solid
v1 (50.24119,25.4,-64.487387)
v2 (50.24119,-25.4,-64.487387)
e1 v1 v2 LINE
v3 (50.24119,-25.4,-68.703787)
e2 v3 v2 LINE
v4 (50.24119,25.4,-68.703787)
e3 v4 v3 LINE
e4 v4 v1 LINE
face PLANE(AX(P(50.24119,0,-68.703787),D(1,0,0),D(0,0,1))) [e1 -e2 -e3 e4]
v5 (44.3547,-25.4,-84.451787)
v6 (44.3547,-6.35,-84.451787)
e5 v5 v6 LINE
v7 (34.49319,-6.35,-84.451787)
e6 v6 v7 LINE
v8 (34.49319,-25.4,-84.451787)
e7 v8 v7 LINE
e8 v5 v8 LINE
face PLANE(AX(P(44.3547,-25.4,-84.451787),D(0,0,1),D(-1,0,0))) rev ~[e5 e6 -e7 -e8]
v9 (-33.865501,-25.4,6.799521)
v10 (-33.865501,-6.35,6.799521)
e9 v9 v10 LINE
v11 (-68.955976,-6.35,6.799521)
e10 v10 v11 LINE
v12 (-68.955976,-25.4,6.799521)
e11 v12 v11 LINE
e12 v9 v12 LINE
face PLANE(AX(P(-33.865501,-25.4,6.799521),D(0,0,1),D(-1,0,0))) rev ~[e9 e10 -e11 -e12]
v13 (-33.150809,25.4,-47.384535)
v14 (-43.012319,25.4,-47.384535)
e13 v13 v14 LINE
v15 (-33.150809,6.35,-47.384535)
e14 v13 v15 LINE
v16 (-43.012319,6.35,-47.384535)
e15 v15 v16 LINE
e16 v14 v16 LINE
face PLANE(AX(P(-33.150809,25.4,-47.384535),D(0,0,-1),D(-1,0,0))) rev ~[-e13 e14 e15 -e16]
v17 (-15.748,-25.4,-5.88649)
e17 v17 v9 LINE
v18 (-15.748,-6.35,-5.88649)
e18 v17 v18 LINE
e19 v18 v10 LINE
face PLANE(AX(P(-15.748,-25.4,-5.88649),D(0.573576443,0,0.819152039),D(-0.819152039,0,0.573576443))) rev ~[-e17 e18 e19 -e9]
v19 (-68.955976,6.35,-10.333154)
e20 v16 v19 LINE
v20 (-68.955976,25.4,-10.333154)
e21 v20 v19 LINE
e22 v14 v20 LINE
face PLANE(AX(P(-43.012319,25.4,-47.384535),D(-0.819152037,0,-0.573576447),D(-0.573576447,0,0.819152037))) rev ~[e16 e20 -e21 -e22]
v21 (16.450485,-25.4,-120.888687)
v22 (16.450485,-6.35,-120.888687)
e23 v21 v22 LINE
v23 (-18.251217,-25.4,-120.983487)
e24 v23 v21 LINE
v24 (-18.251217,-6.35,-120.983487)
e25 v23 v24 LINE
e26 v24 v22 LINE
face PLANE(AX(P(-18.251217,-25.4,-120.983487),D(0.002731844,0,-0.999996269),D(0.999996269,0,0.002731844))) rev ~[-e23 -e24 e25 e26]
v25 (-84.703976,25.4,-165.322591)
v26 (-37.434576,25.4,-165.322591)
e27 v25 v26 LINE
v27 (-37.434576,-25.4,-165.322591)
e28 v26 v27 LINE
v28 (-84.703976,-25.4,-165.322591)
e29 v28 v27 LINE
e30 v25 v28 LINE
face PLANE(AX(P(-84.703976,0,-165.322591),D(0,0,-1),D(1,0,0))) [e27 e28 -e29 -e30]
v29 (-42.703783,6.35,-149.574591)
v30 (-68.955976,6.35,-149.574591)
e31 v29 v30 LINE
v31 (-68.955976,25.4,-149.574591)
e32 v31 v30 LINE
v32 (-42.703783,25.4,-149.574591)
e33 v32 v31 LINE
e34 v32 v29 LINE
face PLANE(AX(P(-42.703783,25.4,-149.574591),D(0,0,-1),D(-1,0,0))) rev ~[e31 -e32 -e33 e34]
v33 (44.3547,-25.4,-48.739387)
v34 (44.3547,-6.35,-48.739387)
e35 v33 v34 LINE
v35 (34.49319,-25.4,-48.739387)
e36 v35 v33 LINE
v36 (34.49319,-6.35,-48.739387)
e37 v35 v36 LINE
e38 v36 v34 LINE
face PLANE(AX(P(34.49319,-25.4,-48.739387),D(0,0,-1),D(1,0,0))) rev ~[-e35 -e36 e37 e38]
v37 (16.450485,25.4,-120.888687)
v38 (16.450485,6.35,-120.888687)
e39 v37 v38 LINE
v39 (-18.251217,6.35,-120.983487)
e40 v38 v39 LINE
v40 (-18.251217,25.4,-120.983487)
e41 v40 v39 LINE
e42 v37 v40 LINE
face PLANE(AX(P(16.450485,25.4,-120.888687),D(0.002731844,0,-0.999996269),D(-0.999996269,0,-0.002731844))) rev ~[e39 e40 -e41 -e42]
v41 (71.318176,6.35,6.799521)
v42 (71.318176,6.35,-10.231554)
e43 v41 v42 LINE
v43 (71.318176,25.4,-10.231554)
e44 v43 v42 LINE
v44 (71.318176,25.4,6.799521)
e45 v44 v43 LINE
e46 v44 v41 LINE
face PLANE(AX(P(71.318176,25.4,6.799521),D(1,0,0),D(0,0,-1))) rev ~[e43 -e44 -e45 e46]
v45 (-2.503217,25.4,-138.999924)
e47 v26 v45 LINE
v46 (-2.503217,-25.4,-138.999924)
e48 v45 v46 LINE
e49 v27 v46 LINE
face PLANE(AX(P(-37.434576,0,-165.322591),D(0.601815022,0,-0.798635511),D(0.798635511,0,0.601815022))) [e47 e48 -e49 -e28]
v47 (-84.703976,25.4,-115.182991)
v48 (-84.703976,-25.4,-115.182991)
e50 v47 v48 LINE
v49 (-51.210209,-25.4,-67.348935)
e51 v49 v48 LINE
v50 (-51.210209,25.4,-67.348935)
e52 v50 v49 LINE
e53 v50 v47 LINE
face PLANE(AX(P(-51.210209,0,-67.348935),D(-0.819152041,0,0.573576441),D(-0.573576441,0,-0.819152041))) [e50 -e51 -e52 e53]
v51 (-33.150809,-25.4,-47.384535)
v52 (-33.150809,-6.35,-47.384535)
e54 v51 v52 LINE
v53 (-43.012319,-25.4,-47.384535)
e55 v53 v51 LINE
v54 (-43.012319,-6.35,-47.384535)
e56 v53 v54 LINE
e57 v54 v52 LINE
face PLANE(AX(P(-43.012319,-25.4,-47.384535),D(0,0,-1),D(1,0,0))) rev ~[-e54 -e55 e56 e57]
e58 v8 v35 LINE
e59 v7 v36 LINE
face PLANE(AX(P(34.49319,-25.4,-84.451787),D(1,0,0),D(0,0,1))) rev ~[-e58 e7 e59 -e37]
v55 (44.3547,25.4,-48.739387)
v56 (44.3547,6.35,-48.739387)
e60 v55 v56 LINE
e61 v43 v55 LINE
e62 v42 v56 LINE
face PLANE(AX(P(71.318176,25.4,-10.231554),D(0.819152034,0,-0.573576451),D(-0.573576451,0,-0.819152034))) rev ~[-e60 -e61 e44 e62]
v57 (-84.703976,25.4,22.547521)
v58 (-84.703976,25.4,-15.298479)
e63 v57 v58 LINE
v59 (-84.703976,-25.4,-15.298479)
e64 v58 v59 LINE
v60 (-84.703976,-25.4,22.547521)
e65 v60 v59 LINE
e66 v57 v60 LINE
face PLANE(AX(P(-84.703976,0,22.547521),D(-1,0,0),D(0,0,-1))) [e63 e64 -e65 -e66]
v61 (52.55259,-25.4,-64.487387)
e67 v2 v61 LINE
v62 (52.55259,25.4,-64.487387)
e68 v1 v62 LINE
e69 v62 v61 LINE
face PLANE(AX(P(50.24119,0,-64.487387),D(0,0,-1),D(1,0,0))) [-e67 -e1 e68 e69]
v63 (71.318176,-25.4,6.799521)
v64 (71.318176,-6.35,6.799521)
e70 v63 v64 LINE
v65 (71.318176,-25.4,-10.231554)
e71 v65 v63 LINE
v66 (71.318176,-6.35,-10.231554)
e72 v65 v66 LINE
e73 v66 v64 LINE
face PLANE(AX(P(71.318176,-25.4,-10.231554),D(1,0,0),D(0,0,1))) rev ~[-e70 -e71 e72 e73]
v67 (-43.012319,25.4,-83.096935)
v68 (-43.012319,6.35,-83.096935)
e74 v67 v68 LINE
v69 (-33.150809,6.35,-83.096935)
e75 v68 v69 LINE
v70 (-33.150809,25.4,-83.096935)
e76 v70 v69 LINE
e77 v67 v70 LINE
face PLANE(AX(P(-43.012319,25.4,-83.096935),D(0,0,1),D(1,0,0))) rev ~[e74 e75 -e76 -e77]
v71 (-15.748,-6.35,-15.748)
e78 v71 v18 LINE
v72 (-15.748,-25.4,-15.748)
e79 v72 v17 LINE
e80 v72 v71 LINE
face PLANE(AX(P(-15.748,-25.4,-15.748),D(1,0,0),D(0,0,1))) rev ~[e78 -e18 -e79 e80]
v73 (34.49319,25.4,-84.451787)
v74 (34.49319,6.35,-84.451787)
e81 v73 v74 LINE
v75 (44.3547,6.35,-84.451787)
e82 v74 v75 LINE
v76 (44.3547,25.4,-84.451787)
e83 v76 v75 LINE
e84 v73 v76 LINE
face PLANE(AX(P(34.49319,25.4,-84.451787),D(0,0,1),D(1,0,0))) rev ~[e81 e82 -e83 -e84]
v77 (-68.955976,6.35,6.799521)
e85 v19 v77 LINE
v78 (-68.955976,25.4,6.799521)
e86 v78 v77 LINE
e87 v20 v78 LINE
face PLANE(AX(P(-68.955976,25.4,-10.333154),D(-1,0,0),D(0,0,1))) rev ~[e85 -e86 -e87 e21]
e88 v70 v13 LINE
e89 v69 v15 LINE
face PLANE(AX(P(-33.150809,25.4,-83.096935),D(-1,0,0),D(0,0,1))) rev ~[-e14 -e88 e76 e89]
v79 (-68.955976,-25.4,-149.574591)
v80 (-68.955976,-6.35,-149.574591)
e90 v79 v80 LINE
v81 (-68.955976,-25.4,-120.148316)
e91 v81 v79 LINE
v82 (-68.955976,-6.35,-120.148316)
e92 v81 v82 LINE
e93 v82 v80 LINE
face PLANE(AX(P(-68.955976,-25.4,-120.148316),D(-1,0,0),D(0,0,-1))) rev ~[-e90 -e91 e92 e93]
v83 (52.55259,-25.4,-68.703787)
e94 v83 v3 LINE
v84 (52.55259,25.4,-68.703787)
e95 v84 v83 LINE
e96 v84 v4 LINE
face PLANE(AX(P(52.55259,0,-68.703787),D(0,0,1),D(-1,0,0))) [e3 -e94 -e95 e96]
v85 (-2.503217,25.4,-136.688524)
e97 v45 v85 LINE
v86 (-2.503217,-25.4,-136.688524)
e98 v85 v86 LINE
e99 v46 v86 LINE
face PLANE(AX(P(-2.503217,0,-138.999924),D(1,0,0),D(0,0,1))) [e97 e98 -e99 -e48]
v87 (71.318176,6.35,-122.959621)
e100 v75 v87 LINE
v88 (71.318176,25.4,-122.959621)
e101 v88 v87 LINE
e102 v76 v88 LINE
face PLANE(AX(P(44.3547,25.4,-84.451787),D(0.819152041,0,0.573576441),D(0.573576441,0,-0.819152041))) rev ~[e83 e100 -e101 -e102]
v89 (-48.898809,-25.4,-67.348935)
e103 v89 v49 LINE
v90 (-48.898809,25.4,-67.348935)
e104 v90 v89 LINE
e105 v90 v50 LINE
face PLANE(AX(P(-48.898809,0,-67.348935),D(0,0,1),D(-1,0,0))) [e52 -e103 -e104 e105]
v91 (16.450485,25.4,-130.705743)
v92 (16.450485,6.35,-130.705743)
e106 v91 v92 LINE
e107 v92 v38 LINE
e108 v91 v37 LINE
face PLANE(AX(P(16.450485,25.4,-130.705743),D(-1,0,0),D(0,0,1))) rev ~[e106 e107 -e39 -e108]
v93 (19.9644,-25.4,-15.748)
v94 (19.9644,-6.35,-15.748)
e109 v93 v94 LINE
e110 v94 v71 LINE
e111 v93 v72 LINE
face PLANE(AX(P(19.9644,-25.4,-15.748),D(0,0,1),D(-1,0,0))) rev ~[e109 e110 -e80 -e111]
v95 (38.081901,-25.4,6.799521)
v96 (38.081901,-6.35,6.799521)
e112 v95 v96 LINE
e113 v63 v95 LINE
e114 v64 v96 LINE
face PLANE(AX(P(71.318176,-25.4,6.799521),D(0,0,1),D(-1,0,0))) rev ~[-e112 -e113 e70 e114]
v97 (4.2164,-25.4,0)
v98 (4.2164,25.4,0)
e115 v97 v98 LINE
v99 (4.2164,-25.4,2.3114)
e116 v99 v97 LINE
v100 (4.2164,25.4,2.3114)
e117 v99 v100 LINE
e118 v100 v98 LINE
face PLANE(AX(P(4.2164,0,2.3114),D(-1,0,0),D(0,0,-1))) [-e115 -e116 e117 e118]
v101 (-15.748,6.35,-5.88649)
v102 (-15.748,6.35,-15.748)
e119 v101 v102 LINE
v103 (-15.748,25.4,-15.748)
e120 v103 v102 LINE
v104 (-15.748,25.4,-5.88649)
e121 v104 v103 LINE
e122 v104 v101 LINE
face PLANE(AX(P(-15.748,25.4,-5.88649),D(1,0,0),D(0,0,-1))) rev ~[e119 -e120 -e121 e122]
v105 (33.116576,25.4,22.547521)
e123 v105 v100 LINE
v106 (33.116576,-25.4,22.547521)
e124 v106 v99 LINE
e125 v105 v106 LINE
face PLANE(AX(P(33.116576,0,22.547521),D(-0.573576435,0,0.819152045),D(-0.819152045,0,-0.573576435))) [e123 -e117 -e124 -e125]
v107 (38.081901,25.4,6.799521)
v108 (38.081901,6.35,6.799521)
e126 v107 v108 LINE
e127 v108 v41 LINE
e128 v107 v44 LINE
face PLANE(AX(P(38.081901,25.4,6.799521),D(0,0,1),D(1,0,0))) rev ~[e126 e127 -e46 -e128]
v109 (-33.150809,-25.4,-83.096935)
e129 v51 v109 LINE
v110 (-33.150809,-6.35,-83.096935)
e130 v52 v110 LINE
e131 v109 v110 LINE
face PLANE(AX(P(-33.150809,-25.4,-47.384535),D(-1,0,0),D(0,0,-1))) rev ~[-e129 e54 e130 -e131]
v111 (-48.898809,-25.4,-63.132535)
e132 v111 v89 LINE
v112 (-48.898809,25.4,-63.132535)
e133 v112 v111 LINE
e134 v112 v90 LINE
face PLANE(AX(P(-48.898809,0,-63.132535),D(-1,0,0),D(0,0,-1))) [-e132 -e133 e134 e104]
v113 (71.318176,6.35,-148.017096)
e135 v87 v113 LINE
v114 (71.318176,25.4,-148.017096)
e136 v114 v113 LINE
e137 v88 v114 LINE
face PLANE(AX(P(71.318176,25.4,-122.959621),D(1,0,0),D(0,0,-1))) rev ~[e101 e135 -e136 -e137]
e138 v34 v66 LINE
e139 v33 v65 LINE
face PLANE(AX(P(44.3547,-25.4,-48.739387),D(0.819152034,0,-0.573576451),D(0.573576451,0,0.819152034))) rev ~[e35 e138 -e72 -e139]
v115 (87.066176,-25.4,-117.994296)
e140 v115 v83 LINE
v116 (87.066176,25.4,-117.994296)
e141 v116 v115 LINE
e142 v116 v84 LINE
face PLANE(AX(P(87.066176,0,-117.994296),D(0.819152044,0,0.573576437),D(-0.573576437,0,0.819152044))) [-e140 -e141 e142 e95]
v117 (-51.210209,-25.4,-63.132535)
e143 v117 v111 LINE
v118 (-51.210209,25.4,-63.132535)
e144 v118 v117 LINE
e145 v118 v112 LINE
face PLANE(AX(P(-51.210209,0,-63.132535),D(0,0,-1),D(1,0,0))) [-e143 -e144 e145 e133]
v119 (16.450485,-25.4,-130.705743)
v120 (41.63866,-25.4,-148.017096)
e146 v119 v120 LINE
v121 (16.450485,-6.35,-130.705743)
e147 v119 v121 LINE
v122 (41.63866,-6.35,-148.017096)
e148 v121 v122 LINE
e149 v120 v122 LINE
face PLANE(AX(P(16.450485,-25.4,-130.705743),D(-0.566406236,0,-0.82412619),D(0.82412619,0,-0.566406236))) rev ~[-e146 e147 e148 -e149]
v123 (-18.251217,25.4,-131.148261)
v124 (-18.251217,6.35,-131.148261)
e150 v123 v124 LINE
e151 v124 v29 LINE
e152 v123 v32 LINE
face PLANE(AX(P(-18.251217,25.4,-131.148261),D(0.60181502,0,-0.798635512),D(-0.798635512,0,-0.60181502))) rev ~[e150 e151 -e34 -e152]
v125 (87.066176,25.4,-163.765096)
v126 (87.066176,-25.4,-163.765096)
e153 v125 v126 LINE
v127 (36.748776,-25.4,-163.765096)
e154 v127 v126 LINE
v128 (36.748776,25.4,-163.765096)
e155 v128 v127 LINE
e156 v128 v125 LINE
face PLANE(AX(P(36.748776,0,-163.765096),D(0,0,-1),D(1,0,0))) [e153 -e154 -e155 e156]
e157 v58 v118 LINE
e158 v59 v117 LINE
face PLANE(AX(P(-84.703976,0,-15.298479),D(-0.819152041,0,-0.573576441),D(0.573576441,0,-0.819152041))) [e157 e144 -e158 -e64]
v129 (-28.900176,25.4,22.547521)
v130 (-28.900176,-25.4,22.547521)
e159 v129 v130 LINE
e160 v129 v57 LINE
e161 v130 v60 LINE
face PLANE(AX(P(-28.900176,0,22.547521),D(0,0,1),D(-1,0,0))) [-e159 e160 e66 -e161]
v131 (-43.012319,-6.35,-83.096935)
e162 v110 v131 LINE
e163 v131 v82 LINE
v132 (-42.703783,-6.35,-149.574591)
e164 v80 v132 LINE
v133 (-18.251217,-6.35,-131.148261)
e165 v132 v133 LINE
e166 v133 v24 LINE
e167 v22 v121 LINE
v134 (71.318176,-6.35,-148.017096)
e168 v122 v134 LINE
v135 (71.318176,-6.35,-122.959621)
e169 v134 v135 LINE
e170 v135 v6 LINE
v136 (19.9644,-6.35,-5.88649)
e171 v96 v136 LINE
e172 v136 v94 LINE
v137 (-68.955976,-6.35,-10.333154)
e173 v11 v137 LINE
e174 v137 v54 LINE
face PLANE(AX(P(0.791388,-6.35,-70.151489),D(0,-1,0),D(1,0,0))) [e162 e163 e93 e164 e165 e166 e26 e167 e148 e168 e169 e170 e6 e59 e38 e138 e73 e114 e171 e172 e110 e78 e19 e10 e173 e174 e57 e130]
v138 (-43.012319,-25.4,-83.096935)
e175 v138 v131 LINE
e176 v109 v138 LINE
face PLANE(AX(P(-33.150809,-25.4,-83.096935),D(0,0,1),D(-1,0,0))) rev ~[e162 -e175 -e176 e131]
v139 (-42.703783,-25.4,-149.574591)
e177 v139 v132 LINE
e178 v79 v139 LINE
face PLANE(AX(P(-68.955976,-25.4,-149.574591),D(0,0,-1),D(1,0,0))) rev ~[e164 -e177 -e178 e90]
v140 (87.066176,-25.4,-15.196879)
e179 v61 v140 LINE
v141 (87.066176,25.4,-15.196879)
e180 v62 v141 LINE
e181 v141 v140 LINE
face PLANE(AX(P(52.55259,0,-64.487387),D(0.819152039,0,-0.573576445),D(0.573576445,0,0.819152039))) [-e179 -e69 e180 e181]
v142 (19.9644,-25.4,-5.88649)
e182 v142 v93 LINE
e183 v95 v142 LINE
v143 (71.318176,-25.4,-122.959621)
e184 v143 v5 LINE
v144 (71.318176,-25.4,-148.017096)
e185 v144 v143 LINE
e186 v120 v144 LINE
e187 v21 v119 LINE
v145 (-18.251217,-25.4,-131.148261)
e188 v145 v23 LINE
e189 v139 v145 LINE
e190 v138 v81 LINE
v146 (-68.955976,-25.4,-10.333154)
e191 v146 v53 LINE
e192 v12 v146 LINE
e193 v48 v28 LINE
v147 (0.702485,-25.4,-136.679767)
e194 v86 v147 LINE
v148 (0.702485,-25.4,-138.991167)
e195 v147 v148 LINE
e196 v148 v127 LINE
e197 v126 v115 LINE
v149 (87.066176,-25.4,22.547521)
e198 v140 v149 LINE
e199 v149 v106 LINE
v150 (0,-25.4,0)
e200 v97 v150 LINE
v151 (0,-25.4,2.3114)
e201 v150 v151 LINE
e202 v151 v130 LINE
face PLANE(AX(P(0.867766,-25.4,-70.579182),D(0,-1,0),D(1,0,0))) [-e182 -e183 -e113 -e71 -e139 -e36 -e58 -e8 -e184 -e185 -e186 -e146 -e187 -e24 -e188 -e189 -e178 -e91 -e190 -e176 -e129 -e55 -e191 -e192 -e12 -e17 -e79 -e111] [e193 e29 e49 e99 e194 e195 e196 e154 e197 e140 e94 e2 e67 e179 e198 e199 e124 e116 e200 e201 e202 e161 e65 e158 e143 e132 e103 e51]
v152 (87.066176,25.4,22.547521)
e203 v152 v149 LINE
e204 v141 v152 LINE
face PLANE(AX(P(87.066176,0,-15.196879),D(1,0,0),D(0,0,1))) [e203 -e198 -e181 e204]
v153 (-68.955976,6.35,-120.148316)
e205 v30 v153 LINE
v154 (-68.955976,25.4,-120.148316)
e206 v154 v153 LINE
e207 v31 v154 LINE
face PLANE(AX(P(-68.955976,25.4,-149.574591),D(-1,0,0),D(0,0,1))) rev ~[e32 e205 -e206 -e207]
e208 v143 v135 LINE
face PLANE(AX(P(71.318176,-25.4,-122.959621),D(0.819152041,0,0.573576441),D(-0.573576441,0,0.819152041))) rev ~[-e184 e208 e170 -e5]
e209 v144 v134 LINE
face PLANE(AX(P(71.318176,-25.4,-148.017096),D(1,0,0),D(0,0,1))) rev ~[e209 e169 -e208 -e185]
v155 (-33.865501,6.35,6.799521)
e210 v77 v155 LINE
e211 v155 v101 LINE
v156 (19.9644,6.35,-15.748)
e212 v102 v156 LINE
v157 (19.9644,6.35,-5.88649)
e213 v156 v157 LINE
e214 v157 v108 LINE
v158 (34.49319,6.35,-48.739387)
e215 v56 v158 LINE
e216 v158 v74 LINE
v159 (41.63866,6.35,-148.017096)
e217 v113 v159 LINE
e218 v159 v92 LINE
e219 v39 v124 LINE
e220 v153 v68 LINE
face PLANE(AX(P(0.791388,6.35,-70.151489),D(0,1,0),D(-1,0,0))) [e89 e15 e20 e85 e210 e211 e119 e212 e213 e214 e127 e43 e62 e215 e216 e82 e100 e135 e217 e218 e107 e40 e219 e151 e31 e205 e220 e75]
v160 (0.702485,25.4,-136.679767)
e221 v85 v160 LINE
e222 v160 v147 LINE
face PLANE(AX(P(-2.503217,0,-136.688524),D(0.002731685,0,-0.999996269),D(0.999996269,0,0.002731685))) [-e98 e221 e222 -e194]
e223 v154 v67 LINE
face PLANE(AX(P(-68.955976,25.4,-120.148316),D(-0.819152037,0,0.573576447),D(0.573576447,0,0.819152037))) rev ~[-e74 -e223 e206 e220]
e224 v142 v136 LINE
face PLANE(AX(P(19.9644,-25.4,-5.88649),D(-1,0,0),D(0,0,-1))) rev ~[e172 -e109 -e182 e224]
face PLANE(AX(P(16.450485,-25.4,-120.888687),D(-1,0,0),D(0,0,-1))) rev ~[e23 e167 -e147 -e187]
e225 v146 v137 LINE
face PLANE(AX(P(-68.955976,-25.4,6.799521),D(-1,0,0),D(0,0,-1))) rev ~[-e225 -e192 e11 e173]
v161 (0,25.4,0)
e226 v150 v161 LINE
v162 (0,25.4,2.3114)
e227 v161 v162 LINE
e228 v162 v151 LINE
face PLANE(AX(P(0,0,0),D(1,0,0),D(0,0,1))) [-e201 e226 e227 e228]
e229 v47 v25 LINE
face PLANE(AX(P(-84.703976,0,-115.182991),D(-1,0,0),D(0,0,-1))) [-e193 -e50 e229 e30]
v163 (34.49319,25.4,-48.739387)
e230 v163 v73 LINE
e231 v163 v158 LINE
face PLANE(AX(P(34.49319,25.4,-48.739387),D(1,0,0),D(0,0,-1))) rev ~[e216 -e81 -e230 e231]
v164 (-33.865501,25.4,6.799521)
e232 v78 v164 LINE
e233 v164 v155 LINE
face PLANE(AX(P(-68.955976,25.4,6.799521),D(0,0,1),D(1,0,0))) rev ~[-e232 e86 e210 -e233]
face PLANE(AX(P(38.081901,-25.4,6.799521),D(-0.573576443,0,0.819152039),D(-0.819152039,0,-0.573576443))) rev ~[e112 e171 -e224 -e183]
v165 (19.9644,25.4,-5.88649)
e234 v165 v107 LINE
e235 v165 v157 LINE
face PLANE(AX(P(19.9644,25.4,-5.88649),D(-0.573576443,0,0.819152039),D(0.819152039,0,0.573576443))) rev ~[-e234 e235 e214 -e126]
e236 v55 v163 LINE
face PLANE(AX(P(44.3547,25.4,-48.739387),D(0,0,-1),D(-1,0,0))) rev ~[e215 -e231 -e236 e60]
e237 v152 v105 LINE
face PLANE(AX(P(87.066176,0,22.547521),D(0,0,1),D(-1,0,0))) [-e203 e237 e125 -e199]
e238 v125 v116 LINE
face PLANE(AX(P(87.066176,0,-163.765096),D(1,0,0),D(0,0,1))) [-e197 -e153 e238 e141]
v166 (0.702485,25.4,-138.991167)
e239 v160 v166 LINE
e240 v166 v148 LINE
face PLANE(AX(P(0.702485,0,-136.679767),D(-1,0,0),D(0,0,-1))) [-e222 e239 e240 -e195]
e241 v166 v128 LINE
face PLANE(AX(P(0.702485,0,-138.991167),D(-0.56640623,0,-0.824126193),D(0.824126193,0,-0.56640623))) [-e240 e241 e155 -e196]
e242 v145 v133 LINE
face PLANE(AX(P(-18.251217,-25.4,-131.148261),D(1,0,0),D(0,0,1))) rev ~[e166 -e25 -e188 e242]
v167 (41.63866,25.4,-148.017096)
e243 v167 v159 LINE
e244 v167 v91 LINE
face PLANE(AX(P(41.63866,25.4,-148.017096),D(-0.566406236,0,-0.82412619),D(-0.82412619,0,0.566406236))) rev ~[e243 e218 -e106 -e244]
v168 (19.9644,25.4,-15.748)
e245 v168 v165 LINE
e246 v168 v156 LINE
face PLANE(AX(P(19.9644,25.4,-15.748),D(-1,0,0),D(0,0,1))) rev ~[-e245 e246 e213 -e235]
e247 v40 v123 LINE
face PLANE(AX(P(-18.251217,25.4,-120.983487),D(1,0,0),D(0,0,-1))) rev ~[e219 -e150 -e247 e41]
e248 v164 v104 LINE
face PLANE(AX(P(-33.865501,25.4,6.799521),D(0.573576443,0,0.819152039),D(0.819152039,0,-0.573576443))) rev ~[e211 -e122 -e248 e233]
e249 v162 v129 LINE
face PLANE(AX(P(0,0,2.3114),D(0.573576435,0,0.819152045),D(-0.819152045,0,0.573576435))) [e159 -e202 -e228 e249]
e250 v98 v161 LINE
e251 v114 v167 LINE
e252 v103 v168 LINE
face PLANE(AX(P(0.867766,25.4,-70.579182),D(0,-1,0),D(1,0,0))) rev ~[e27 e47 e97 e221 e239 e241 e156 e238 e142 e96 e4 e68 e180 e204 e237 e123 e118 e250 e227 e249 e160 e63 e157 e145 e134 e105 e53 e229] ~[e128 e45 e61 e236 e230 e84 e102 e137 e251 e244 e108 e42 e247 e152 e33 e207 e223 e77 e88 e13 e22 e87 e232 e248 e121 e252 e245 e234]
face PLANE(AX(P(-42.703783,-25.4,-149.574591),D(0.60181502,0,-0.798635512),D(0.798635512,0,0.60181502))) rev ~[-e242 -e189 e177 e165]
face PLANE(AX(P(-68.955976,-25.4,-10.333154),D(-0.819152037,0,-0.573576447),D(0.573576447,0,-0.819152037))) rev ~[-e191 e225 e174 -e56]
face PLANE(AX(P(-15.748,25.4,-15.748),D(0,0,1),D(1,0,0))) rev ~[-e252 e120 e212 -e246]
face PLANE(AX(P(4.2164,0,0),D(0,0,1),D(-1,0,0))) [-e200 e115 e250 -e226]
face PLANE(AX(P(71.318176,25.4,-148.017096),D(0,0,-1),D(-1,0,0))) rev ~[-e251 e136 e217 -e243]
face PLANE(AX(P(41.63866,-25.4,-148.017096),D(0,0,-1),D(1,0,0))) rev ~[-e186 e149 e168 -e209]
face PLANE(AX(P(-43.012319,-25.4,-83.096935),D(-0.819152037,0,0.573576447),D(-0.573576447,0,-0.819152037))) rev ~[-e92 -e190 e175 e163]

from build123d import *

# Parameters (mm, degrees)
F1_DEPTH = 25.4
F3_DEPTH = 19.05
F5_DEPTH = 19.05


with BuildPart() as f1:
    # F0 (on Front) → F1 (new body, symmetric)
    with BuildSketch(Plane.XZ):
        Polygon((0, 0), (0, 2.3114), (-28.900176, 22.547521), (-84.703976, 22.547521), (-84.703976, -15.298479), (-51.210209, -63.132535), (-48.898809, -63.132535), (-48.898809, -67.348935), (-51.210209, -67.348935), (-84.703976, -115.182991), (-84.703976, -165.322591), (-37.434576, -165.322591), (-2.503217, -138.999924), (-2.503217, -136.688524), (0.702485, -136.679767), (0.702485, -138.991167), (36.748776, -163.765096), (87.066176, -163.765096), (87.066176, -117.994296), (52.55259, -68.703787), (50.24119, -68.703787), (50.24119, -64.487387), (52.55259, -64.487387), (87.066176, -15.196879), (87.066176, 22.547521), (33.116576, 22.547521), (4.2164, 2.3114), (4.2164, 0), align=None)
    extrude(amount=F1_DEPTH, both=True)

    # F2 (on face) → F3 (cut)
    with BuildSketch(Plane.XZ.offset(25.4)):
        Polygon((-18.251217, -120.983487), (16.450485, -120.888687), (16.450485, -130.705743), (41.63866, -148.017096), (71.318176, -148.017096), (71.318176, -122.959621), (44.3547, -84.451787), (34.49319, -84.451787), (34.49319, -48.739387), (44.3547, -48.739387), (71.318176, -10.231554), (71.318176, 6.799521), (38.081901, 6.799521), (19.9644, -5.88649), (19.9644, -15.748), (-15.748, -15.748), (-15.748, -5.88649), (-33.865501, 6.799521), (-68.955976, 6.799521), (-68.955976, -10.333154), (-43.012319, -47.384535), (-33.150809, -47.384535), (-33.150809, -83.096935), (-43.012319, -83.096935), (-68.955976, -120.148316), (-68.955976, -149.574591), (-42.703783, -149.574591), (-18.251217, -131.148261), align=None)
    extrude(amount=-F3_DEPTH, mode=Mode.SUBTRACT)

    # F4 (on face) → F5 (cut)
    with BuildSketch(Plane(origin=(0, 25.4, 0), x_dir=(-1, 0, 0), z_dir=(0, 1, 0))):
        Polygon((-71.318176, -122.959621), (-71.318176, -148.017096), (-41.63866, -148.017096), (-16.450485, -130.705743), (-16.450485, -120.888687), (18.251217, -120.983487), (18.251217, -131.148261), (42.703783, -149.574591), (68.955976, -149.574591), (68.955976, -120.148316), (43.012319, -83.096935), (33.150809, -83.096935), (33.150809, -47.384535), (43.012319, -47.384535), (68.955976, -10.333154), (68.955976, 6.799521), (33.865501, 6.799521), (15.748, -5.88649), (15.748, -15.748), (-19.9644, -15.748), (-19.9644, -5.88649), (-38.081901, 6.799521), (-71.318176, 6.799521), (-71.318176, -10.231554), (-44.3547, -48.739387), (-34.49319, -48.739387), (-34.49319, -84.451787), (-44.3547, -84.451787), align=None)
    extrude(amount=-F5_DEPTH, mode=Mode.SUBTRACT)


solid = f1.part
